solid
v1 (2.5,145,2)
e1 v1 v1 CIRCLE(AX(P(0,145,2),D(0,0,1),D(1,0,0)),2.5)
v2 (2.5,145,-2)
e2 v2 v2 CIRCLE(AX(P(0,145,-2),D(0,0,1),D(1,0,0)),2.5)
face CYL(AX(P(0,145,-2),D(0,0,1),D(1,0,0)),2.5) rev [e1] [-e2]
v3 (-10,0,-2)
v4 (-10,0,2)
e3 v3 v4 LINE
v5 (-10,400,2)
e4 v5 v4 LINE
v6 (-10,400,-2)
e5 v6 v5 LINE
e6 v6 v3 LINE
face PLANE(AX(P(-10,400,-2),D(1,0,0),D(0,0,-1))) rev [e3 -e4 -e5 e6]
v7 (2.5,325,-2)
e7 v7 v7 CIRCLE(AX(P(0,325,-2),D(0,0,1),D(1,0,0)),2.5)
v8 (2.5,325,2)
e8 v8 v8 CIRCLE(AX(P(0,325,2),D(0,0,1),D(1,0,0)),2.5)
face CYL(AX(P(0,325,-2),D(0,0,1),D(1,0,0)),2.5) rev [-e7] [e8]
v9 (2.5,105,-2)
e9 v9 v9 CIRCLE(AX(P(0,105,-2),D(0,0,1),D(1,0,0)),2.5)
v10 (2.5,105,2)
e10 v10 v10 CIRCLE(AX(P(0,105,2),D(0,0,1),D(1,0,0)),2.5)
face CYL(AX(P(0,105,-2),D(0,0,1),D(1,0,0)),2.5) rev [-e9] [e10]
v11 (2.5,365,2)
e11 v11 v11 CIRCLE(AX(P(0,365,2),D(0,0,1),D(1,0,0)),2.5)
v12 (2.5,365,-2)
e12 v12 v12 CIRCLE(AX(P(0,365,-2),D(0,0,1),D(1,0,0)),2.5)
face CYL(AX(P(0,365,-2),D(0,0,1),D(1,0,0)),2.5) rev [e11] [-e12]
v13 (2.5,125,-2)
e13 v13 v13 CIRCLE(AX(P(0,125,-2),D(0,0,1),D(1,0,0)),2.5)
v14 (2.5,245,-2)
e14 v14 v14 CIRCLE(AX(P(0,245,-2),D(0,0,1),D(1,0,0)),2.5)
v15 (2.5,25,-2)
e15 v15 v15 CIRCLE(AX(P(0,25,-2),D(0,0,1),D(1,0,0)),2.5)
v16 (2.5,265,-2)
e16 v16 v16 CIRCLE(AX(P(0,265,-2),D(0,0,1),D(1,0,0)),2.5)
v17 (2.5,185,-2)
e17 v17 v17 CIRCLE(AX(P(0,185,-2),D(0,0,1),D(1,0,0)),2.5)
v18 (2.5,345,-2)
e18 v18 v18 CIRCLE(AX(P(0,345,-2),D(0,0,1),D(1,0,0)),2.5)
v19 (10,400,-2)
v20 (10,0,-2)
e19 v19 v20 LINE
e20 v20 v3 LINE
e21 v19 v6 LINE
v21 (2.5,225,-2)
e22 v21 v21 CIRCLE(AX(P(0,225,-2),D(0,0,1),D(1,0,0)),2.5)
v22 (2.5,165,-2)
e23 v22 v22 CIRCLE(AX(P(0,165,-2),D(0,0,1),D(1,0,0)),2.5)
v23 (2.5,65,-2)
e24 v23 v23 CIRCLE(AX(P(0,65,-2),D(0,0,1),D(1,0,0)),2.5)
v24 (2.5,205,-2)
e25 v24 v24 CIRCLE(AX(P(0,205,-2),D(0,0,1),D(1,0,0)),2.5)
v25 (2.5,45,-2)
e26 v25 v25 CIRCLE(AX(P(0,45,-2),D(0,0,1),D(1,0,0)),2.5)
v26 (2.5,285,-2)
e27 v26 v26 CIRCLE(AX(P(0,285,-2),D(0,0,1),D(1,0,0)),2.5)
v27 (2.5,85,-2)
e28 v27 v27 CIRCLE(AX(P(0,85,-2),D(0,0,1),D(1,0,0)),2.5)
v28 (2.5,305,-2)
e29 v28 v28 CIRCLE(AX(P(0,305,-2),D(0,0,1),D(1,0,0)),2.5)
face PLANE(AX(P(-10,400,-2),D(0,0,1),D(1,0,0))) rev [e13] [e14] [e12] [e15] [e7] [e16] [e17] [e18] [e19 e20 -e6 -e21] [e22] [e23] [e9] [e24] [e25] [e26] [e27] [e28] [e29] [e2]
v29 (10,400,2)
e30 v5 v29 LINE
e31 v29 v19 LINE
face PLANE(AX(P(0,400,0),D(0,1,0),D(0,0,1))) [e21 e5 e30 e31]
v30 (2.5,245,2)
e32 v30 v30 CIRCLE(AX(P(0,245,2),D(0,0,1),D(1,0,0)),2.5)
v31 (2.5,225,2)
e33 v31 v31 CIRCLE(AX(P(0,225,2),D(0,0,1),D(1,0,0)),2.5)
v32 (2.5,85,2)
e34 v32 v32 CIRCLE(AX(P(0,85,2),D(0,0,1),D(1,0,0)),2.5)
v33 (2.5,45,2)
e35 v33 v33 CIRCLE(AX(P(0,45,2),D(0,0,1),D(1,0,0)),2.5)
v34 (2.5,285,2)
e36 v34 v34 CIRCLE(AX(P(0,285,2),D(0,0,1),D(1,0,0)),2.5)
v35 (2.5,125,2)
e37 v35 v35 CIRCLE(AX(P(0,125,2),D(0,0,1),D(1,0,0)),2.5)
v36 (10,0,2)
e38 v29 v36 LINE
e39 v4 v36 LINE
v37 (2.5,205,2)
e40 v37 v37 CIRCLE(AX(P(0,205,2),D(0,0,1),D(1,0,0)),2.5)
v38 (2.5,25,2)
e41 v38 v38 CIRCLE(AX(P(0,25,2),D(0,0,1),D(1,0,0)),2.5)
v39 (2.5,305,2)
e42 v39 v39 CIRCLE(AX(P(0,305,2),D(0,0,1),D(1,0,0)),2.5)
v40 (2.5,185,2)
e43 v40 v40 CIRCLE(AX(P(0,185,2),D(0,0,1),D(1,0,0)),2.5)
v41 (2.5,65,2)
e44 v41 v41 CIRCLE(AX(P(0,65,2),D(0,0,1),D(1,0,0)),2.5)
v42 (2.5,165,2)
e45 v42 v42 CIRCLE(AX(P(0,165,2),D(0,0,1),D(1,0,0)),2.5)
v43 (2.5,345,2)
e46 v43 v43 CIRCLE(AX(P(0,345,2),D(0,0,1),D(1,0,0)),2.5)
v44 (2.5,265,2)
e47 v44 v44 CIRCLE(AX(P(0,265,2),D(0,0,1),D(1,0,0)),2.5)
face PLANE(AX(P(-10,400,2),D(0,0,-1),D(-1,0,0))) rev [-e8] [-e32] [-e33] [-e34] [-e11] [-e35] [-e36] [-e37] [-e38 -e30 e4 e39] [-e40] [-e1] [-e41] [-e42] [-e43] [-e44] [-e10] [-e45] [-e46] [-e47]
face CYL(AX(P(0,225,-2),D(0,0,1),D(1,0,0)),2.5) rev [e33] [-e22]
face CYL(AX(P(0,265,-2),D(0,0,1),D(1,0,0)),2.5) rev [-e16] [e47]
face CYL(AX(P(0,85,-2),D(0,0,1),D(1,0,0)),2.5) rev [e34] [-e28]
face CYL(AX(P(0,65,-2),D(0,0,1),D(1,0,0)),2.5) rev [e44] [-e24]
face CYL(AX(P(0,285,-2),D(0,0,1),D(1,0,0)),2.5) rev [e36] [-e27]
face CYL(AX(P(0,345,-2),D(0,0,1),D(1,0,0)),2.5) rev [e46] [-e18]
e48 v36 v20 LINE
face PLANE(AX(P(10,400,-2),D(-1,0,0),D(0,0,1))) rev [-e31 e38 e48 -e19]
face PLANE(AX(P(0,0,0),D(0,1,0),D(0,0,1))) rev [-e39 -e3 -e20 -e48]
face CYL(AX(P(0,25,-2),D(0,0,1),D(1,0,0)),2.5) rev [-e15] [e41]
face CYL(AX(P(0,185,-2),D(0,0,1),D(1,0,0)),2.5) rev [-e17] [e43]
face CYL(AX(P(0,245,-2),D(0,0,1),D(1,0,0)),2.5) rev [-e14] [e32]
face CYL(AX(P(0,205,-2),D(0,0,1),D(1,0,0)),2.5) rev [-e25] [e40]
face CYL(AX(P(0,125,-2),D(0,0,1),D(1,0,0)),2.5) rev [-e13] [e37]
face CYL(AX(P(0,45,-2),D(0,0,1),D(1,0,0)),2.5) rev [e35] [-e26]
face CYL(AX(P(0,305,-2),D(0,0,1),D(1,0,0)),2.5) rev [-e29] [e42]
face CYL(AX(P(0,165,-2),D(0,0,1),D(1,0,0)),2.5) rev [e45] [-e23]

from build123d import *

# Parameters (mm, degrees)
SKETCH_1_W          = 20
SKETCH_1_H          = 4
EXTRUDE_1_DEPTH     = 400
SKETCH_2_R          = 2.5
CUT_EXTRUDE_1_DEPTH = 5


with BuildPart() as part:
    # Эскиз1 → Бобышка-Вытянуть1 (new body)
    with BuildSketch(Plane(origin=(0, 0, 0), x_dir=(1, 0, 0), z_dir=(0, 1, 0))):
        Rectangle(SKETCH_1_W, SKETCH_1_H)
    extrude(amount=EXTRUDE_1_DEPTH)

    # Эскиз2 → Вырез-Вытянуть1 (cut, through all)
    with BuildSketch(Plane.XY.offset(2)):
        with Locations((0, 25)):
            Circle(SKETCH_2_R)
        with Locations((0, 45)):
            Circle(SKETCH_2_R)
        with Locations((0, 65)):
            Circle(SKETCH_2_R)
        with Locations((0, 85)):
            Circle(SKETCH_2_R)
        with Locations((0, 105)):
            Circle(SKETCH_2_R)
        with Locations((0, 125)):
            Circle(SKETCH_2_R)
        with Locations((0, 145)):
            Circle(SKETCH_2_R)
        with Locations((0, 165)):
            Circle(SKETCH_2_R)
        with Locations((0, 185)):
            Circle(SKETCH_2_R)
        with Locations((0, 205)):
            Circle(SKETCH_2_R)
        with Locations((0, 225)):
            Circle(SKETCH_2_R)
        with Locations((0, 245)):
            Circle(SKETCH_2_R)
        with Locations((0, 265)):
            Circle(SKETCH_2_R)
        with Locations((0, 285)):
            Circle(SKETCH_2_R)
        with Locations((0, 305)):
            Circle(SKETCH_2_R)
        with Locations((0, 325)):
            Circle(SKETCH_2_R)
        with Locations((0, 345)):
            Circle(SKETCH_2_R)
        with Locations((0, 365)):
            Circle(SKETCH_2_R)
    extrude(amount=-CUT_EXTRUDE_1_DEPTH, mode=Mode.SUBTRACT)


solid = part.part
